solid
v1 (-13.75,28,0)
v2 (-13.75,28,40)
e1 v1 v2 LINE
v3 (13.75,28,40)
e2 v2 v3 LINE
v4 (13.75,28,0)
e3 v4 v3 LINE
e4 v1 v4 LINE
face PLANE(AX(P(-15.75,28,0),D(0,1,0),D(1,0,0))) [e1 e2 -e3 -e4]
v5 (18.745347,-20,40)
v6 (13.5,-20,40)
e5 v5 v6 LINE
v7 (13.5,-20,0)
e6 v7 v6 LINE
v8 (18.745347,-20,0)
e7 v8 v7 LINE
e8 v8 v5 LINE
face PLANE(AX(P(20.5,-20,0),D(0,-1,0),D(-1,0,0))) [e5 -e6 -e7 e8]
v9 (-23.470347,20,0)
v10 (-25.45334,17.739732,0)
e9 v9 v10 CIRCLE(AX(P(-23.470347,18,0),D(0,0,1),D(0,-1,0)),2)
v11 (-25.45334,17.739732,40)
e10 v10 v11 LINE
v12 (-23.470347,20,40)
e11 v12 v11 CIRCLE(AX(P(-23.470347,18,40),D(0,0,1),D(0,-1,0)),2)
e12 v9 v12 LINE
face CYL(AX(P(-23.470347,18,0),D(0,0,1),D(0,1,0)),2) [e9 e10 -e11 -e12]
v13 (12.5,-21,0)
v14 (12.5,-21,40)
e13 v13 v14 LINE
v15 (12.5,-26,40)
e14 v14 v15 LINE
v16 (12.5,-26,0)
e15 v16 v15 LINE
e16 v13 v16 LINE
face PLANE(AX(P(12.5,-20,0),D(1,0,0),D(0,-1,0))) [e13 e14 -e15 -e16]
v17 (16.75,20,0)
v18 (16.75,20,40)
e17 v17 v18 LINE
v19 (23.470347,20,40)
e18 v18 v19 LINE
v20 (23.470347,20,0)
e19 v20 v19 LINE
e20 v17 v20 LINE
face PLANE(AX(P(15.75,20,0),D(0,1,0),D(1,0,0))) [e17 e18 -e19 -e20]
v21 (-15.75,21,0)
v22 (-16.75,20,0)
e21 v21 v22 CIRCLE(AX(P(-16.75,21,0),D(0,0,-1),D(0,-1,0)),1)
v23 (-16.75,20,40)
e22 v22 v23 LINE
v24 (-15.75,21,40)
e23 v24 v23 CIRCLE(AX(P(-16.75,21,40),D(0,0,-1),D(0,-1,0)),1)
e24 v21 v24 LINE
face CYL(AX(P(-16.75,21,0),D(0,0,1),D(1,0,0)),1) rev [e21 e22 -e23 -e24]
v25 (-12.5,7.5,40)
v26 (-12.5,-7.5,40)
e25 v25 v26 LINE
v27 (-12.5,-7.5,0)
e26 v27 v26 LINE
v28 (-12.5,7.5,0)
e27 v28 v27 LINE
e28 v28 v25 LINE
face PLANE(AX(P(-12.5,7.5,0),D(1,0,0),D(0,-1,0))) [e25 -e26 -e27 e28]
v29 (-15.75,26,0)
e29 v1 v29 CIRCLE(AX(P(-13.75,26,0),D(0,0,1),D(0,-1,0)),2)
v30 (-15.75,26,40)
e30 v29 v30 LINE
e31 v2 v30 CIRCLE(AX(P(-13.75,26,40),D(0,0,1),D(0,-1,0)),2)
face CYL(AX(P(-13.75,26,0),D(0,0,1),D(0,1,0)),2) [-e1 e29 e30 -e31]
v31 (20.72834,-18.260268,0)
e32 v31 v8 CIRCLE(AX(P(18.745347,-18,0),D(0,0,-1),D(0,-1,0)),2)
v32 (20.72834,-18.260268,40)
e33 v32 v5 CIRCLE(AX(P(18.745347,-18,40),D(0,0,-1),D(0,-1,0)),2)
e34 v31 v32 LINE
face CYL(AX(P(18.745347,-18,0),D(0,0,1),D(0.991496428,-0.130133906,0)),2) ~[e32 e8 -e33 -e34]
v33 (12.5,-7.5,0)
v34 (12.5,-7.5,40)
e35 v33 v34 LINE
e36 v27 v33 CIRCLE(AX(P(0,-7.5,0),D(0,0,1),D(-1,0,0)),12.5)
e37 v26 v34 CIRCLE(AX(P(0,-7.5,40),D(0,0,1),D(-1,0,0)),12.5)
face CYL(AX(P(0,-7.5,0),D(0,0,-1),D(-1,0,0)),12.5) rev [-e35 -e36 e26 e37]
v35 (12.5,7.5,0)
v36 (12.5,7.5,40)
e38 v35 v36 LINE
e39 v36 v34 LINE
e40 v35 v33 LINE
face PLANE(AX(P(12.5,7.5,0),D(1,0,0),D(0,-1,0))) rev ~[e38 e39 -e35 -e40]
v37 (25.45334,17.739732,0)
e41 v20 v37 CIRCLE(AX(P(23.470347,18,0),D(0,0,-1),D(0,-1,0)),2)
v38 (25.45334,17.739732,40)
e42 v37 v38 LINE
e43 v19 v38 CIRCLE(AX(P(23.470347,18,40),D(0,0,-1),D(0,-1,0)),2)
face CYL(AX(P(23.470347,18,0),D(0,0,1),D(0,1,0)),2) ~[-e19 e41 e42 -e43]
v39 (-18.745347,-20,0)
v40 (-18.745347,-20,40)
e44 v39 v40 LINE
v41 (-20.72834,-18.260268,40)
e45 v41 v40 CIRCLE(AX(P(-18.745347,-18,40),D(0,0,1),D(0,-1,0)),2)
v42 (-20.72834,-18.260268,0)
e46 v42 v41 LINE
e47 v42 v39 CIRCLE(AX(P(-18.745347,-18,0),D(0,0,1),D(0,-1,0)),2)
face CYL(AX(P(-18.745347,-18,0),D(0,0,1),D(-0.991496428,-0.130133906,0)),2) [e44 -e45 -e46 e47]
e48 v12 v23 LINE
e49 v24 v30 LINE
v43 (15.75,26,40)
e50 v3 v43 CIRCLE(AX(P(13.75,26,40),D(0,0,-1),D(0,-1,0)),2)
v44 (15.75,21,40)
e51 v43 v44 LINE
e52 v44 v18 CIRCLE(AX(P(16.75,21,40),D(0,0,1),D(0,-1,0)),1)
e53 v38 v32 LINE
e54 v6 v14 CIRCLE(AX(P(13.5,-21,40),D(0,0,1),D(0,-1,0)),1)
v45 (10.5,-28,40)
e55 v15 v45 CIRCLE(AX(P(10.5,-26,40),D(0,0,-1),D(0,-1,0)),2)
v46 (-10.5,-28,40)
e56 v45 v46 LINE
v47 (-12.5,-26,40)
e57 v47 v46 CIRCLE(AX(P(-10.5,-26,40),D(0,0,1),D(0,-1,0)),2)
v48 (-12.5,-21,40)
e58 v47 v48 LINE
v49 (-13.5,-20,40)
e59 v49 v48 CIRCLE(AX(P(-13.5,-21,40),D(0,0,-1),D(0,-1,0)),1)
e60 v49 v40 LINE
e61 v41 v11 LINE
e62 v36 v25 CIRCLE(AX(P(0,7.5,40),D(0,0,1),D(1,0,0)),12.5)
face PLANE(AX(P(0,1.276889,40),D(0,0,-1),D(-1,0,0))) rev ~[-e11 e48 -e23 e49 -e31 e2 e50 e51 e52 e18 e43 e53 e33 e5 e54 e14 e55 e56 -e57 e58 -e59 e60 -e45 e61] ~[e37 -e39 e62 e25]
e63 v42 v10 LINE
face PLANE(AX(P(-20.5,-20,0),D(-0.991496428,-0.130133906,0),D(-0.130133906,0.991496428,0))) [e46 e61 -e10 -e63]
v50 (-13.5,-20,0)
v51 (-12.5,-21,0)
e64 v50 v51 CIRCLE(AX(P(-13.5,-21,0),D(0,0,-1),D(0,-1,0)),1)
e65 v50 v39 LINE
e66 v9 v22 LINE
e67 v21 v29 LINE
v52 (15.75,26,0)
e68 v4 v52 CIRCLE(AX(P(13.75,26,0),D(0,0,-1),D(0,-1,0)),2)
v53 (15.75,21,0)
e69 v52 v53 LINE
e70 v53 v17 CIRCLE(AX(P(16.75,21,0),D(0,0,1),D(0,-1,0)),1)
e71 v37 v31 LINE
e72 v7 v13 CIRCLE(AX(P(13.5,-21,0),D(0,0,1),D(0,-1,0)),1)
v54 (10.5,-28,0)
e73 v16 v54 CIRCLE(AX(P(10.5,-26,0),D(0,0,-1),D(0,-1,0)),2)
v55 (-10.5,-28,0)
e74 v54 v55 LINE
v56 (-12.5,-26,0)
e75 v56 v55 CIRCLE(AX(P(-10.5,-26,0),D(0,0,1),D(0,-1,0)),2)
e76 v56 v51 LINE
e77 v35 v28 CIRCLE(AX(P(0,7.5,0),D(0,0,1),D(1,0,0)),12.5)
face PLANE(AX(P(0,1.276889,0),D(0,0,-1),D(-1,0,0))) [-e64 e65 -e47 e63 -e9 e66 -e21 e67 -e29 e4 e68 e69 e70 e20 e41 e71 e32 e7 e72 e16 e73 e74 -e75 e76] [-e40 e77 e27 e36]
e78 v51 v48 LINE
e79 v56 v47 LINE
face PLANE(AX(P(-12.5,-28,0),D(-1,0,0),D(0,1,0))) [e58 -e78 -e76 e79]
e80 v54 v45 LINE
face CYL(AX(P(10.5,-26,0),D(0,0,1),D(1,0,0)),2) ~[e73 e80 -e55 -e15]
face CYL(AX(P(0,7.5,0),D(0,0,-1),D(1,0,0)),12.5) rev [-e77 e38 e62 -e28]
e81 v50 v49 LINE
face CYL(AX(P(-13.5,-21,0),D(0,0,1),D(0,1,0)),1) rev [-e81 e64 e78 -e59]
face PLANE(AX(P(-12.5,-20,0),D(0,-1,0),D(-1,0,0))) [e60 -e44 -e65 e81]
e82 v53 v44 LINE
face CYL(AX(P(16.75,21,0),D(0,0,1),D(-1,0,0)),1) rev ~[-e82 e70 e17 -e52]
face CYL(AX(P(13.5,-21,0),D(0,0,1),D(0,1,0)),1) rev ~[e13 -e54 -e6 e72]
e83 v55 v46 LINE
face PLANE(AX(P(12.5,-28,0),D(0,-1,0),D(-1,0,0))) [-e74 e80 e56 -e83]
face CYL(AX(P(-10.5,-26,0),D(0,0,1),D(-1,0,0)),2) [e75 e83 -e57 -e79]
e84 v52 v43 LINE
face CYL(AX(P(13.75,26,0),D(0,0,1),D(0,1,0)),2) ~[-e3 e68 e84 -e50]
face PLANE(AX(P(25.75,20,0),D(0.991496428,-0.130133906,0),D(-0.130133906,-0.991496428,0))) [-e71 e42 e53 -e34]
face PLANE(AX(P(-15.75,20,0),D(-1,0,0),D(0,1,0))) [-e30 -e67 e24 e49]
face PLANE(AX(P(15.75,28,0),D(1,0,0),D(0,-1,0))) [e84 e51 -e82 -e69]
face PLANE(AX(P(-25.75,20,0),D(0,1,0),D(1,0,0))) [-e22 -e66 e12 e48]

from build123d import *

# Parameters (mm, degrees)
PAD_DEPTH   = 40
FILLET_R    = 2
FILLET001_R = 1


with BuildPart() as part:
    # Sketch → Pad (new body)
    with BuildSketch(Plane.XY):
        Polygon((-15.75, 28), (15.75, 28), (15.75, 20), (25.75, 20), (20.5, -20), (12.5, -20), (12.5, -28), (-12.5, -28), (-12.5, -20), (-20.5, -20), (-25.75, 20), (-15.75, 20), align=None)
        with BuildLine():
            ThreePointArc((12.5, 7.5), (0, 20), (-12.5, 7.5))
            Line((-12.5, 7.5), (-12.5, -7.5))
            ThreePointArc((-12.5, -7.5), (0, -20), (12.5, -7.5))
            Line((12.5, 7.5), (12.5, -7.5))
        make_face(mode=Mode.SUBTRACT)
    extrude(amount=PAD_DEPTH)

    # Fillet
    fillet_edges = [part.edges().sort_by_distance(p)[0] for p in [
        (25.75, 20, 20),
        (15.75, 28, 20),
        (-15.75, 28, 20),
        (-25.75, 20, 20),
        (-20.5, -20, 20),
        (-12.5, -28, 20),
        (12.5, -28, 20),
        (20.5, -20, 20),
    ]]
    fillet(fillet_edges, radius=FILLET_R)

    # Fillet001
    fillet001_edges = [part.edges().sort_by_distance(p)[0] for p in [
        (15.75, 20, 20),
        (-15.75, 20, 20),
        (12.5, -20, 20),
        (-12.5, -20, 20),
    ]]
    fillet(fillet001_edges, radius=FILLET001_R)


solid = part.part
